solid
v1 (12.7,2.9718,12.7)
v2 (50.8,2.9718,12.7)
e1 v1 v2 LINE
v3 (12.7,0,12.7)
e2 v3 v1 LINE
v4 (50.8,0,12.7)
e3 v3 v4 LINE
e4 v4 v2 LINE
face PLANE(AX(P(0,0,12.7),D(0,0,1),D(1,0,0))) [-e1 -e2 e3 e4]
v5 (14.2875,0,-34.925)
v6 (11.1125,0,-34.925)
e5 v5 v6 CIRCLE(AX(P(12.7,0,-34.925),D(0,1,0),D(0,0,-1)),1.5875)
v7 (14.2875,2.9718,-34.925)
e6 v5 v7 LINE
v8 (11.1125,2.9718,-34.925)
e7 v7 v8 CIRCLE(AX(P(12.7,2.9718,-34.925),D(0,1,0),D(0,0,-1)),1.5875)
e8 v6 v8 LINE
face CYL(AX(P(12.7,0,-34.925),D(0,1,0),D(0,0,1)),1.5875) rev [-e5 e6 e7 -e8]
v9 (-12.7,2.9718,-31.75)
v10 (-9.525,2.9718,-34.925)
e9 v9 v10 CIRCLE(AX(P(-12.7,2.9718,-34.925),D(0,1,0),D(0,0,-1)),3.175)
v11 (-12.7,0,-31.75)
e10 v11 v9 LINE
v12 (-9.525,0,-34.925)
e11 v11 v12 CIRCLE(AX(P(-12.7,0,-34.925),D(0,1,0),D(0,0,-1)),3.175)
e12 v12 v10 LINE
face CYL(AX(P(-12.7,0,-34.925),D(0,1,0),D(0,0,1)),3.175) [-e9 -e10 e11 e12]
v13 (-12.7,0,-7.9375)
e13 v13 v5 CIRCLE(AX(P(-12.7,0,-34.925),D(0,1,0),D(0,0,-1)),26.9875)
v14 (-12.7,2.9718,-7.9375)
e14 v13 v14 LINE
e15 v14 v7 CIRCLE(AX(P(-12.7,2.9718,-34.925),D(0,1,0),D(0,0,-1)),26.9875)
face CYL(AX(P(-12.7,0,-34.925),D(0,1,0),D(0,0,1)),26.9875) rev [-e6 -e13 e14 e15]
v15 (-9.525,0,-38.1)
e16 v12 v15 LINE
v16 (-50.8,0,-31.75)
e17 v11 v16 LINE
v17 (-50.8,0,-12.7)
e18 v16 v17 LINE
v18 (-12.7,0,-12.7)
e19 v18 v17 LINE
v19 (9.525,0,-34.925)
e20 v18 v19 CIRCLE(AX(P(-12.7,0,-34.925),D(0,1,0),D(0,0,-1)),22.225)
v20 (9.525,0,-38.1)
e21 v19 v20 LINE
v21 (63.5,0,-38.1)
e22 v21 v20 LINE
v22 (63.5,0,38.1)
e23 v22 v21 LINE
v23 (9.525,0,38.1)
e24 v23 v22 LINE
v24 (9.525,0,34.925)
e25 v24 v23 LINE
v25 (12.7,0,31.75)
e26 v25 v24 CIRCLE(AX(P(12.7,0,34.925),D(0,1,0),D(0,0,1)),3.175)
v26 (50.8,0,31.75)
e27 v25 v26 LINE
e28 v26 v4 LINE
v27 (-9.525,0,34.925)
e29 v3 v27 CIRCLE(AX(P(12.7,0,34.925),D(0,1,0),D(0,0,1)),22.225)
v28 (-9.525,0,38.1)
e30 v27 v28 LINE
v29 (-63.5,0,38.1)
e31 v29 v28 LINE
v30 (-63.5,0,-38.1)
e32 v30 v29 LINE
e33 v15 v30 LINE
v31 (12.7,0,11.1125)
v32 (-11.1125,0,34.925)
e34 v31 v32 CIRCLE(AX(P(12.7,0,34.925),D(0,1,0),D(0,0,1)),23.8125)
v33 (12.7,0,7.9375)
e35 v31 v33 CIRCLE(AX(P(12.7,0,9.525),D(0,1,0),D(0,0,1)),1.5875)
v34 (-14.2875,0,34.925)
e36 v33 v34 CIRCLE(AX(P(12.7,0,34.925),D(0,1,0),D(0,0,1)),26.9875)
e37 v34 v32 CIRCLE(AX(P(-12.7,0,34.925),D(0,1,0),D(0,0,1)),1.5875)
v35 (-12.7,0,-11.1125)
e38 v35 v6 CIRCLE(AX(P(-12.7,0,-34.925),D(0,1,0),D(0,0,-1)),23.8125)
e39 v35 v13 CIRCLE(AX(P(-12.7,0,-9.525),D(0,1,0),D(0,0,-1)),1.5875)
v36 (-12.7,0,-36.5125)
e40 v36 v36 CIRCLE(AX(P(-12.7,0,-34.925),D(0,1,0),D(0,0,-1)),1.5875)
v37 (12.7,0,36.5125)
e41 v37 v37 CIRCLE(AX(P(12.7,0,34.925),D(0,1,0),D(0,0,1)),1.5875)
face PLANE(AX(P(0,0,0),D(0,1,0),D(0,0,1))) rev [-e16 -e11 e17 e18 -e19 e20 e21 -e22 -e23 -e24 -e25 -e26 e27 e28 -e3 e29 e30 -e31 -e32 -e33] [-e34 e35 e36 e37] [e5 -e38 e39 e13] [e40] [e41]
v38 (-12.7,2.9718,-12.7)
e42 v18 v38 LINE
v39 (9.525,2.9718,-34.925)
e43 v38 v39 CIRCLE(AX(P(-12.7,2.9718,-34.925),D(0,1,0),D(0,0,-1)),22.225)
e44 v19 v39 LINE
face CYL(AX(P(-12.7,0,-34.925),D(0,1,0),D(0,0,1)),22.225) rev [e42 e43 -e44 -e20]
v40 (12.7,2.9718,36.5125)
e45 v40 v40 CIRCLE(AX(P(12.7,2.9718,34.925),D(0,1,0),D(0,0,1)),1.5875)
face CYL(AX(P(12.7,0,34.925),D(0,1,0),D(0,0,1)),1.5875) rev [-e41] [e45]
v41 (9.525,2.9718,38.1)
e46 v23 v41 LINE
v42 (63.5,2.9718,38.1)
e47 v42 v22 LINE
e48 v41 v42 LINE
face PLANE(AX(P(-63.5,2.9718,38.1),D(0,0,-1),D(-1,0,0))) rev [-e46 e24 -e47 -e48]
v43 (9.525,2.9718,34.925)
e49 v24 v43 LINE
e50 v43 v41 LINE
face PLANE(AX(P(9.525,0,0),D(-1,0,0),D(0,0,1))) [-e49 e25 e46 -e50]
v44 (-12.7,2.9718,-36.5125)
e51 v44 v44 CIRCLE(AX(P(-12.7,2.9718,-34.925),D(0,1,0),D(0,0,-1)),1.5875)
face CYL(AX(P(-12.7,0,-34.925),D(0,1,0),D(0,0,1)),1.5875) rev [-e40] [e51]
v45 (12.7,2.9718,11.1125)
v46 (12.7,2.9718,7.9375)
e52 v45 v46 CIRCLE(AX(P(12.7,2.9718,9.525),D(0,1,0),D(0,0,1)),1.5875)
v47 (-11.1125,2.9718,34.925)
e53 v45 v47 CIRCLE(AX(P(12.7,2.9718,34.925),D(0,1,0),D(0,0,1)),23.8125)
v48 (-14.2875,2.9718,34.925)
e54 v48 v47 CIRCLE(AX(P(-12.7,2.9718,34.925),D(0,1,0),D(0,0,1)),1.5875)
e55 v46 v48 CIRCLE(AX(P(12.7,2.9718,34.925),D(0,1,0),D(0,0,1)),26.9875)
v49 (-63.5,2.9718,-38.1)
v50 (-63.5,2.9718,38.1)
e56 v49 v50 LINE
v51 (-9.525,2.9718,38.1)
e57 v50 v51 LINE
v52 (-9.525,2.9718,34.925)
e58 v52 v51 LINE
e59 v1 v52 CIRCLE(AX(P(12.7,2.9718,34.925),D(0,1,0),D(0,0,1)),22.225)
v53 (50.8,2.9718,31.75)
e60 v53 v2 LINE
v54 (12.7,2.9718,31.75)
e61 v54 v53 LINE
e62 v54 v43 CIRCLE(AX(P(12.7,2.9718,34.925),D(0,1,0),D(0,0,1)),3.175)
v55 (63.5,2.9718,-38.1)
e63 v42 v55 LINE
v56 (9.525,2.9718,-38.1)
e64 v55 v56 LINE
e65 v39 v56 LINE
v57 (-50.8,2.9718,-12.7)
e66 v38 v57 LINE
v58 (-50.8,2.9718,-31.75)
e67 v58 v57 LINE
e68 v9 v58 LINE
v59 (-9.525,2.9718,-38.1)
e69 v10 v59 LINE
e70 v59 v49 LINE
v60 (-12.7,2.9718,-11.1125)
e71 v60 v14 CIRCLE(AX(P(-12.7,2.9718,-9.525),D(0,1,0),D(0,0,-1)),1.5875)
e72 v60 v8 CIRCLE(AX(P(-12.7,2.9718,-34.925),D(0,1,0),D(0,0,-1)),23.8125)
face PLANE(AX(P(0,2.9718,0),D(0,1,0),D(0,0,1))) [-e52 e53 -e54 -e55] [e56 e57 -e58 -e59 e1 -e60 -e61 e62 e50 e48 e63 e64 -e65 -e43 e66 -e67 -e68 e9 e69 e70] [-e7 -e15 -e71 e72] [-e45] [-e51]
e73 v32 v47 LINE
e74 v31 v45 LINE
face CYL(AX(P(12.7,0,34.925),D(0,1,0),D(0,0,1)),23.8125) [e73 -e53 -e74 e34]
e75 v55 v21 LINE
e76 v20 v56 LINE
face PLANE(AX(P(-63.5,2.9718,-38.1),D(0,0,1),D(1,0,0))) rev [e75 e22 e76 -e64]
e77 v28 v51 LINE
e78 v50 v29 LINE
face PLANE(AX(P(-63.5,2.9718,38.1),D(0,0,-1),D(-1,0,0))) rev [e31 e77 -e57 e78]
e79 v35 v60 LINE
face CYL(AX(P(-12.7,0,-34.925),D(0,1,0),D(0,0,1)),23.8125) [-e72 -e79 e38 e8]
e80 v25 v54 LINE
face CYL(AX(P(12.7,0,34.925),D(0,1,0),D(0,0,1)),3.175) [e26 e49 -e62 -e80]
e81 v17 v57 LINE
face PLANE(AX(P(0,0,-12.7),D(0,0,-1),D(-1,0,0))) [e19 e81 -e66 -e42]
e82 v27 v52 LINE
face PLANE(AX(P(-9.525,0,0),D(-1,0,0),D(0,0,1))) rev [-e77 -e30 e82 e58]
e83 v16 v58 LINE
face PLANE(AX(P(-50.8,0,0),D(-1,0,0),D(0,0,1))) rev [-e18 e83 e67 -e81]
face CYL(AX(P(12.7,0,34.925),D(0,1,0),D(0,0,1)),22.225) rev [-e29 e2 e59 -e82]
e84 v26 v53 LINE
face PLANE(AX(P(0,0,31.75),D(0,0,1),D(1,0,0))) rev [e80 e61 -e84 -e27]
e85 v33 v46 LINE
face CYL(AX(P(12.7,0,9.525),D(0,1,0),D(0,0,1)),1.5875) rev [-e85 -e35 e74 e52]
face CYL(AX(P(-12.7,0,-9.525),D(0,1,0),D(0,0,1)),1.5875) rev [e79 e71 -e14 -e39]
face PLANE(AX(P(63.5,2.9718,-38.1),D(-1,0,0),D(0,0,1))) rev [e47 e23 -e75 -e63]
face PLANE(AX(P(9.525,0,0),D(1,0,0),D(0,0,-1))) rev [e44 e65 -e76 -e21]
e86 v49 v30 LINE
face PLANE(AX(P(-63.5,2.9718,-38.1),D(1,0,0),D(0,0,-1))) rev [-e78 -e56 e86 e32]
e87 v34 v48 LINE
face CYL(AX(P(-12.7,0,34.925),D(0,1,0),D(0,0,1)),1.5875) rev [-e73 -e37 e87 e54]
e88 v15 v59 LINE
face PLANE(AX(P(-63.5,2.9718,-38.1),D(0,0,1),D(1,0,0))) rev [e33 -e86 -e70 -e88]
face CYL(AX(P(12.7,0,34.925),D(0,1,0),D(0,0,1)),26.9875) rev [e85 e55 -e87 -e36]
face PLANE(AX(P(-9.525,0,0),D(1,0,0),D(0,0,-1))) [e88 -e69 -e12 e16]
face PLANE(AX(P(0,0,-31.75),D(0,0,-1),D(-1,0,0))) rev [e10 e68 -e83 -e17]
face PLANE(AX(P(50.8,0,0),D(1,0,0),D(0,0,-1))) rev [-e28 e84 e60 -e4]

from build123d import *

# Parameters (mm, degrees)
SKETCH2_W           = 127
SKETCH2_H           = 76.2
BOSS_EXTRUDE1_DEPTH = 2.9718
SKETCH3_R           = 1.5875
CUT_EXTRUDE1_DEPTH  = 2.9718
CIRPATTERN1_COUNT   = 2


with BuildPart() as part:
    # Sketch2 → Boss-Extrude1 (new body)
    with BuildSketch(Plane(origin=(0, 0, 0), x_dir=(1, 0, 0), z_dir=(0, 1, 0))):
        Rectangle(SKETCH2_W, SKETCH2_H)
    extrude(amount=BOSS_EXTRUDE1_DEPTH)

    # Sketch3 → Cut-Extrude1 (cut)
    with BuildSketch(Plane(origin=(0, 2.9718, 0), x_dir=(1, 0, 0), z_dir=(0, 1, 0))):
        with BuildLine():
            ThreePointArc((12.7, -12.7), (-3.015448212, -19.209551788), (-9.525, -34.925))
            Line((-9.525, -34.925), (-9.525, -38.1))
            Line((-9.525, -38.1), (9.525, -38.1))
            Line((9.525, -38.1), (9.525, -34.925))
            ThreePointArc((9.525, -34.925), (10.45493597, -32.67993597), (12.7, -31.75))
            Line((12.7, -31.75), (50.8, -31.75))
            Line((50.8, -31.75), (50.8, -12.7))
            Line((50.8, -12.7), (12.7, -12.7))
        make_face()
        with Locations((12.7, -34.925)):
            Circle(SKETCH3_R)
        with BuildLine():
            ThreePointArc((12.7, -7.9375), (-6.383044257, -15.841955743), (-14.2875, -34.925))
            ThreePointArc((-14.2875, -34.925), (-12.7, -36.5125), (-11.1125, -34.925))
            ThreePointArc((-11.1125, -34.925), (-4.137980227, -18.087019773), (12.7, -11.1125))
            ThreePointArc((12.7, -11.1125), (14.2875, -9.525), (12.7, -7.9375))
        make_face()
    cut_extrude1 = extrude(amount=-CUT_EXTRUDE1_DEPTH, mode=Mode.SUBTRACT)

    # CirPattern1: Cut-Extrude1 ×2 about axis
    cirpattern1_axis = Axis((0, -0.14859, 0), (0, 1, 0))
    for i in range(1, CIRPATTERN1_COUNT):
        add(cut_extrude1.rotate(cirpattern1_axis, i * 360 / CIRPATTERN1_COUNT), mode=Mode.SUBTRACT)


solid = part.part
